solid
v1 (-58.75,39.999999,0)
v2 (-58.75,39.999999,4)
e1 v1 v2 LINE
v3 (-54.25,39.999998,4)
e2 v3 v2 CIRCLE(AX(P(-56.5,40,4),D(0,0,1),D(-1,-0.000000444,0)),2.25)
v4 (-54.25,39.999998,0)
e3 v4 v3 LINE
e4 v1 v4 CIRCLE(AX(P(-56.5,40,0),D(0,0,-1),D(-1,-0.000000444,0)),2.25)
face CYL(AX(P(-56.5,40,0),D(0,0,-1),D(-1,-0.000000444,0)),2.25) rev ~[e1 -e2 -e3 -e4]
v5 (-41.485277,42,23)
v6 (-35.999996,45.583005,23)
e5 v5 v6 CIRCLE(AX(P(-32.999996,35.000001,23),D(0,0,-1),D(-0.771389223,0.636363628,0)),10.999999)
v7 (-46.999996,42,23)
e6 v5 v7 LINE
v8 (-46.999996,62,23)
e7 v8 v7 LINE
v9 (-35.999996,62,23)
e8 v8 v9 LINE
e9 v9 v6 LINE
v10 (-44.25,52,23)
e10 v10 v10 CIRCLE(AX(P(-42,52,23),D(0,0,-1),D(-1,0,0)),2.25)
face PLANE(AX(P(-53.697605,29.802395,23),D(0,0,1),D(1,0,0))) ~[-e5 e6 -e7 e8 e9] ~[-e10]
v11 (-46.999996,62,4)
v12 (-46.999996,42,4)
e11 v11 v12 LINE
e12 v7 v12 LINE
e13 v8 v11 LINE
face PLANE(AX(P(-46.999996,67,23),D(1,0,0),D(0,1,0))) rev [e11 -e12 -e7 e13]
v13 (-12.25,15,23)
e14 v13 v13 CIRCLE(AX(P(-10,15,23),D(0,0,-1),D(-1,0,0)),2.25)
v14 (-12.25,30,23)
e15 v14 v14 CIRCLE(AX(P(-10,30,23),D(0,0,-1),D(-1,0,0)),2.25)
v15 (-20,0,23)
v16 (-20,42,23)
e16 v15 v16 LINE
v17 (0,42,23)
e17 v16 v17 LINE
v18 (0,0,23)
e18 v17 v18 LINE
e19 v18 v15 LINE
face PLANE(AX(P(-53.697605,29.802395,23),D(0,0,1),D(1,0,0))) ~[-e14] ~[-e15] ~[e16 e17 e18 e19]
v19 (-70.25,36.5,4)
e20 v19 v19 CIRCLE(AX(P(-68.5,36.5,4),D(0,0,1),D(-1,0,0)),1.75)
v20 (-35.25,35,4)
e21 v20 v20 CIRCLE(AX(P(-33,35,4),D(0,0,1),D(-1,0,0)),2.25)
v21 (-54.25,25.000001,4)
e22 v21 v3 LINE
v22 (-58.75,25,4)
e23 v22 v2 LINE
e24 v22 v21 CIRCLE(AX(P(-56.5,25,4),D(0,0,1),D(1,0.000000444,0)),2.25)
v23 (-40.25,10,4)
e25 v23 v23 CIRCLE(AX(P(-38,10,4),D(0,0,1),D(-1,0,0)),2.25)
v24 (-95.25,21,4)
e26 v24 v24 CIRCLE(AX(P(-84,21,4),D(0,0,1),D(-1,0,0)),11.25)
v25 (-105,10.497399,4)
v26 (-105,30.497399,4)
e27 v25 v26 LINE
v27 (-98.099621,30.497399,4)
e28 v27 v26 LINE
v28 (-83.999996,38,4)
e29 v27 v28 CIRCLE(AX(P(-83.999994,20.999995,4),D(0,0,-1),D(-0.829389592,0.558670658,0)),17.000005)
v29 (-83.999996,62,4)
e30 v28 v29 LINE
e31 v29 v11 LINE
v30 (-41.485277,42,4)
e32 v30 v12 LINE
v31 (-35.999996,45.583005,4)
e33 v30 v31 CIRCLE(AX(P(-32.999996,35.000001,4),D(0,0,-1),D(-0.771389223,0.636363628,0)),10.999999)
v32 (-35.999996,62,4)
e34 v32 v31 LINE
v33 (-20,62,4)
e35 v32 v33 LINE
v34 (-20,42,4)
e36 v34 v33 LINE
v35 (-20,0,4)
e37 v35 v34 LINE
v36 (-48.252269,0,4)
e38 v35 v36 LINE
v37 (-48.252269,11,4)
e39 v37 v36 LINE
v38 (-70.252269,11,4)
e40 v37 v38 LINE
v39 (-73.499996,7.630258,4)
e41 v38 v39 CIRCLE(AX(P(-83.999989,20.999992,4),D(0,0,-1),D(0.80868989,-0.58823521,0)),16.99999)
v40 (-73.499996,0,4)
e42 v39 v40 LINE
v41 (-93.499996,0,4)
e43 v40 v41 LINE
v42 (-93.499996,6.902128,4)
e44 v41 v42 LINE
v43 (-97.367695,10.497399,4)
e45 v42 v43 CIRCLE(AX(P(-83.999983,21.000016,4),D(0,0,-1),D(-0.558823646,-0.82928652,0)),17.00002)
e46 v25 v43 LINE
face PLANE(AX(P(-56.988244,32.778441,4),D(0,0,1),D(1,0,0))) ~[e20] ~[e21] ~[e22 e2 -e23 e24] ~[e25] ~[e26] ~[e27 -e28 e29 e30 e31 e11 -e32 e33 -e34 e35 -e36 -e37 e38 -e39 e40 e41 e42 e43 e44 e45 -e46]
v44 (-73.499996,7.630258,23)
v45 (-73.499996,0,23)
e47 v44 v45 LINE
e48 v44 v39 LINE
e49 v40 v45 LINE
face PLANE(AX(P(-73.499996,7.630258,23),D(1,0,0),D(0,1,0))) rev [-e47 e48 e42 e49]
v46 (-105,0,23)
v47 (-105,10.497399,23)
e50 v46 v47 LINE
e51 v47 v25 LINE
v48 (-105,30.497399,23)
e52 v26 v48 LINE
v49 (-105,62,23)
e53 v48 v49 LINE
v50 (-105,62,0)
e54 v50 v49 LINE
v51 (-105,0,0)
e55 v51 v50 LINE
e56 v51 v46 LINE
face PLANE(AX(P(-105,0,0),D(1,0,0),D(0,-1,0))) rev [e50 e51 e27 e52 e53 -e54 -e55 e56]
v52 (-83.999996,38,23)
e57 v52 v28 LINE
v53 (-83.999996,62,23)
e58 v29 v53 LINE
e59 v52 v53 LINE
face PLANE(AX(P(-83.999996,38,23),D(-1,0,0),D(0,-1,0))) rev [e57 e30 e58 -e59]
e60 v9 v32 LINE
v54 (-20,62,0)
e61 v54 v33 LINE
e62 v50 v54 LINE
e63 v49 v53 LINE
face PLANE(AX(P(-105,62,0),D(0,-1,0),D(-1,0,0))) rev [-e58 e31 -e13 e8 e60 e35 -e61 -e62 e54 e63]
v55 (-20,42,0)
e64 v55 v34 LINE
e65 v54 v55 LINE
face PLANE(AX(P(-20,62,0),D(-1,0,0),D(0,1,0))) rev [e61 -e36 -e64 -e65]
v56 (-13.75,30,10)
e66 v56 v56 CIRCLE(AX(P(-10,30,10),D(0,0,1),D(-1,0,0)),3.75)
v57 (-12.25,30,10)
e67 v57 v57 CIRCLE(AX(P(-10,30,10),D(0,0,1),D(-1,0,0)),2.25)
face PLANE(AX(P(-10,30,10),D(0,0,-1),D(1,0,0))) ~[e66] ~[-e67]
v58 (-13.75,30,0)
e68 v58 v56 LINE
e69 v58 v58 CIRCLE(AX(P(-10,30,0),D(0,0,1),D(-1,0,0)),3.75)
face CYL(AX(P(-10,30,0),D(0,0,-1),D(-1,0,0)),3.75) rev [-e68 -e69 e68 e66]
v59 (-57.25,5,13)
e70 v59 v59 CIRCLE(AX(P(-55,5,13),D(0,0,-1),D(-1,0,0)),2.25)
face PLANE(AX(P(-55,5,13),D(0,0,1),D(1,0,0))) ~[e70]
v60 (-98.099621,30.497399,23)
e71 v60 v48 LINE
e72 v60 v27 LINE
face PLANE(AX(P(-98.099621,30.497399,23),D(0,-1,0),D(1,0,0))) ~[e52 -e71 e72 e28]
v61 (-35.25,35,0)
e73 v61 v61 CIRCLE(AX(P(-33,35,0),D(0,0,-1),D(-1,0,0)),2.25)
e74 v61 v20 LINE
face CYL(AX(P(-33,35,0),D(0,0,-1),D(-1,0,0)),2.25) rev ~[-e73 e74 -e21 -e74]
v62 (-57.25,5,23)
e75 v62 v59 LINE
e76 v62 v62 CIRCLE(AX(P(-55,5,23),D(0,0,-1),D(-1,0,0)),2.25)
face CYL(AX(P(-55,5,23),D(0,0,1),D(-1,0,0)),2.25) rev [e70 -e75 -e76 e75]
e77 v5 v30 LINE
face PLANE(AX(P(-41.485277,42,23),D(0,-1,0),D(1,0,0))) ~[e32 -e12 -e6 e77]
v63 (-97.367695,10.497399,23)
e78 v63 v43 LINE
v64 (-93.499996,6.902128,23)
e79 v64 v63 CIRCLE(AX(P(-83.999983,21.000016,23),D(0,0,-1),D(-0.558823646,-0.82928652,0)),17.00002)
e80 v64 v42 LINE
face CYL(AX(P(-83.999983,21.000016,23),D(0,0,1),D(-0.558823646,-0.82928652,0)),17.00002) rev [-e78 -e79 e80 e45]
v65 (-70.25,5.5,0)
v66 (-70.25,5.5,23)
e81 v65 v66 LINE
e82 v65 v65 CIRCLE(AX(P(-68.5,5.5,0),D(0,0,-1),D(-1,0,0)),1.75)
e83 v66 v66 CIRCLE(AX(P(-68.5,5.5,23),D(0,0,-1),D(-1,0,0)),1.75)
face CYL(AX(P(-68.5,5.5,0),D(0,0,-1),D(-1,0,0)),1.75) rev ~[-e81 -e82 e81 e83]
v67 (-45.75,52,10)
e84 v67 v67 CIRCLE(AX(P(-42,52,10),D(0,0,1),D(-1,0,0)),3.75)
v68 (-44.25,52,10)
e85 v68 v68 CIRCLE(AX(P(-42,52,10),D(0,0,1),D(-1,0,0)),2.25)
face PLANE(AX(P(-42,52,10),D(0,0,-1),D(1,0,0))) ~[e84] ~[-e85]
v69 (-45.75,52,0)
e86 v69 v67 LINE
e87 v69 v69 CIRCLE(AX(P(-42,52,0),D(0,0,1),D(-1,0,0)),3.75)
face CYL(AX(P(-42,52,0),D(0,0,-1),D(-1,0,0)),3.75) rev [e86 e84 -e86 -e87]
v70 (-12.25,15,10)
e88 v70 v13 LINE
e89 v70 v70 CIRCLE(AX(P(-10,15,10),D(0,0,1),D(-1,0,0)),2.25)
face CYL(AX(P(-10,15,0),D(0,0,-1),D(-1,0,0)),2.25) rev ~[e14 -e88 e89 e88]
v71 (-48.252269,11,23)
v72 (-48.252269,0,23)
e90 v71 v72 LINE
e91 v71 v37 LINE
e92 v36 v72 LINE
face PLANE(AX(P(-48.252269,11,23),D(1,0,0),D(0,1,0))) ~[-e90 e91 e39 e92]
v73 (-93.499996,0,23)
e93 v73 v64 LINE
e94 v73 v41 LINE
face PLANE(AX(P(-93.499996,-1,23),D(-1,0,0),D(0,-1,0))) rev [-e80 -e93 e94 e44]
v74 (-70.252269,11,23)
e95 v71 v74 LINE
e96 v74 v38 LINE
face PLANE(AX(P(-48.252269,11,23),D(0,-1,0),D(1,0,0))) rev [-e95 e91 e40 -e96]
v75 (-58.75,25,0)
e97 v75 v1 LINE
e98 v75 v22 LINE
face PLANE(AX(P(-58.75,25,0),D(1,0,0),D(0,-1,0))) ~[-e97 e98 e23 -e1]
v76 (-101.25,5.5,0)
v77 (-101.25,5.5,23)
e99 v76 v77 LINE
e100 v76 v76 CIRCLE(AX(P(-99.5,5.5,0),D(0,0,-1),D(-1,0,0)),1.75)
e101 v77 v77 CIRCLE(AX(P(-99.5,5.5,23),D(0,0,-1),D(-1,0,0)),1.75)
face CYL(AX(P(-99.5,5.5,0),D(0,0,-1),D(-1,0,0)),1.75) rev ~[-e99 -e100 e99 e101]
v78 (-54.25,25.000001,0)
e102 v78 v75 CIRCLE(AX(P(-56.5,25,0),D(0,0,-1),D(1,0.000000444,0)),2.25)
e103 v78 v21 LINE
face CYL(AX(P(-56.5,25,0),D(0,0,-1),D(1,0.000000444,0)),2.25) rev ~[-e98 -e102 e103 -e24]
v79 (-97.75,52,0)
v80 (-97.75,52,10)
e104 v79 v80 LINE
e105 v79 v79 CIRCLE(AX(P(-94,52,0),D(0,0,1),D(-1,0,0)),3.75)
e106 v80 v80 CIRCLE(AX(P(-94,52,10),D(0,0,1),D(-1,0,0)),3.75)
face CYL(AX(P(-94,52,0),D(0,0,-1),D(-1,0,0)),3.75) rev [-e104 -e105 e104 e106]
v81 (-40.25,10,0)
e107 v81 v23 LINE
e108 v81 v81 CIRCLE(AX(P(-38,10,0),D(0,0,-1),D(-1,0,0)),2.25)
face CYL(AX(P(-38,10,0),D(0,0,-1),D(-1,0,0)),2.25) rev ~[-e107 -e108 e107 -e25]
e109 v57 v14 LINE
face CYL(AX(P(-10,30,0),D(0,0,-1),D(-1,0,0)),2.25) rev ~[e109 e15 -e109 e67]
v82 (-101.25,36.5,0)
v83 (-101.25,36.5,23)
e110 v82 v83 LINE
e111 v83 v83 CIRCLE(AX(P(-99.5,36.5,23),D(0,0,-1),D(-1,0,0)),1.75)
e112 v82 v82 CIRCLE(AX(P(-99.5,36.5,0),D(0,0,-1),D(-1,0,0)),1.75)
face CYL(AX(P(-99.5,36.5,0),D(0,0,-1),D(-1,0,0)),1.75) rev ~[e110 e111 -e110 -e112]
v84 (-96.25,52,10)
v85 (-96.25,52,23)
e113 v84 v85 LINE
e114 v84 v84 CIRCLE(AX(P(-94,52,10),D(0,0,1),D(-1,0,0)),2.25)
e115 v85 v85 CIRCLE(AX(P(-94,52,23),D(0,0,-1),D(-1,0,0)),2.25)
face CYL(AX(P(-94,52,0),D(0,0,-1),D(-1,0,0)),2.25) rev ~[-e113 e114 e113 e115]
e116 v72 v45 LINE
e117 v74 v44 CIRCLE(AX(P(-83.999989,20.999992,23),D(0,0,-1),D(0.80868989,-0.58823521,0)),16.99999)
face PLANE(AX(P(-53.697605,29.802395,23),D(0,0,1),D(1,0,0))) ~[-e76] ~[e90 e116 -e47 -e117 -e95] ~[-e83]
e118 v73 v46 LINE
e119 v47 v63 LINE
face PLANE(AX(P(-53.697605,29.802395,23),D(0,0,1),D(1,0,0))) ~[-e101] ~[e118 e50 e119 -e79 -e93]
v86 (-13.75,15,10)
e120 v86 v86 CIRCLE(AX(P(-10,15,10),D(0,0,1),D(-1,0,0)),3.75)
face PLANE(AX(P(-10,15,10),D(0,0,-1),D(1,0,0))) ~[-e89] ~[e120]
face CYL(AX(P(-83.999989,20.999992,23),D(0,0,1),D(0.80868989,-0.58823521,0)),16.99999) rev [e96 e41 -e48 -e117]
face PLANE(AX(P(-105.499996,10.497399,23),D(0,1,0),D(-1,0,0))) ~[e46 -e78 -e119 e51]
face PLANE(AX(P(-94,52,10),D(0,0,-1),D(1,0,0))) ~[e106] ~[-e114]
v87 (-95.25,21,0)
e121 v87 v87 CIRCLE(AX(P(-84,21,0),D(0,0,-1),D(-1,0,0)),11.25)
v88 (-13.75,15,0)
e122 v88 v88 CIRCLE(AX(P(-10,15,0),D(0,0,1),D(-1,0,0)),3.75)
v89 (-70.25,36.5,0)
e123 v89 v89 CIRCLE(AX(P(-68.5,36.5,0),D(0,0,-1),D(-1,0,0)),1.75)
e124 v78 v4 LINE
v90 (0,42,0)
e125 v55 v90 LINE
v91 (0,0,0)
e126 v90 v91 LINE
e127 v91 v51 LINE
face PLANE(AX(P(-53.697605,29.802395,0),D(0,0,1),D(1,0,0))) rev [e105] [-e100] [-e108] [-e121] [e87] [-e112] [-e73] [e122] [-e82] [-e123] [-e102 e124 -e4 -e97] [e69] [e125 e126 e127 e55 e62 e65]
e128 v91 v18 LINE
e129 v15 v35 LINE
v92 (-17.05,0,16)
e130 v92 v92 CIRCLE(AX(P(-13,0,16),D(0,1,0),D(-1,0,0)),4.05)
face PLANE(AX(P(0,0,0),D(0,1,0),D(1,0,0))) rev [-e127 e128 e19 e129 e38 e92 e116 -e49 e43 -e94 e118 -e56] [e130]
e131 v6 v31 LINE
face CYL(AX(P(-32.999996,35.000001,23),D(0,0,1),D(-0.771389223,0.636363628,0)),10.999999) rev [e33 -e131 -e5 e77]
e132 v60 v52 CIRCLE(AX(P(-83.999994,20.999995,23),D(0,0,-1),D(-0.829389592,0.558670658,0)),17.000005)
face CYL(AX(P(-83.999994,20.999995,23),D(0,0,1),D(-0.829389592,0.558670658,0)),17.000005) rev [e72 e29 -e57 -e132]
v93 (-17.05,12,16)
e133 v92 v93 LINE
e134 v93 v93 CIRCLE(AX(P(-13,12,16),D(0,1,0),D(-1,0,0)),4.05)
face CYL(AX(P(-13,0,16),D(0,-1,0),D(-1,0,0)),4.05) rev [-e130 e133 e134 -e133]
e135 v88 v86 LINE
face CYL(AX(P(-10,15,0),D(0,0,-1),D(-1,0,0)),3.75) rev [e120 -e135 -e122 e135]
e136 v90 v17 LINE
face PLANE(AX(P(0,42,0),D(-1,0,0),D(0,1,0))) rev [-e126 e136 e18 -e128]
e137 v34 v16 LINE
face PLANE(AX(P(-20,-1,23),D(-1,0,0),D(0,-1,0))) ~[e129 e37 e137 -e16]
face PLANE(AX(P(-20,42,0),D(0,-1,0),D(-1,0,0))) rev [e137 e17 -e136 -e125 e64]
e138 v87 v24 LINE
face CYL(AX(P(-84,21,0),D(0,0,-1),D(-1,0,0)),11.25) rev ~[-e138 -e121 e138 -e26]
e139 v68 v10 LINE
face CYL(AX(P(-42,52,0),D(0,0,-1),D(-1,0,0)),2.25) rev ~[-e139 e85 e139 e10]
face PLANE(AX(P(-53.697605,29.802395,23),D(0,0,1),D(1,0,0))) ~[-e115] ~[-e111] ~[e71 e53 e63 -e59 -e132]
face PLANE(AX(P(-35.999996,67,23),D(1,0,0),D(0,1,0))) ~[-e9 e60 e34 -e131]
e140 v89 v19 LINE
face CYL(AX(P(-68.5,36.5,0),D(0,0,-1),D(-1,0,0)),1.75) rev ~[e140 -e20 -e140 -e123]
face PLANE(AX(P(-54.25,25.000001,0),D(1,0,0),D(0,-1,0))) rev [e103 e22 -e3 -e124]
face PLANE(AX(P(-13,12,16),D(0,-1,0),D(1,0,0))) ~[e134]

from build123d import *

# Parameters (mm, degrees)
SKETCH_R        = 2.25
SKETCH_R_2      = 11.25
SKETCH_R_3      = 1.75
PAD_DEPTH       = 23
POCKET_DEPTH    = 19
SKETCH004_R     = 2.25
POCKET003_DEPTH = 10
SKETCH005_R     = 4.05
POCKET004_DEPTH = 12
SKETCH006_R     = 3.75
POCKET005_DEPTH = 10


with BuildPart() as pocket005:
    # Sketch → Pad (new body)
    with BuildSketch(Plane.XY):
        Polygon((0, 0), (105, 0), (105, 62), (20, 62), (20, 42), (0, 42), align=None)
        with Locations((38, 10)):
            Circle(SKETCH_R, mode=Mode.SUBTRACT)
        with Locations((33, 35)):
            Circle(SKETCH_R, mode=Mode.SUBTRACT)
        with Locations((84, 21)):
            Circle(SKETCH_R_2, mode=Mode.SUBTRACT)
        with Locations((68.5, 36.5)):
            Circle(SKETCH_R_3, mode=Mode.SUBTRACT)
        with Locations((99.5, 36.5)):
            Circle(SKETCH_R_3, mode=Mode.SUBTRACT)
        with Locations((68.5, 5.5)):
            Circle(SKETCH_R_3, mode=Mode.SUBTRACT)
        with Locations((99.5, 5.5)):
            Circle(SKETCH_R_3, mode=Mode.SUBTRACT)
        with Locations((10, 30)):
            Circle(SKETCH_R, mode=Mode.SUBTRACT)
        with Locations((10, 15)):
            Circle(SKETCH_R, mode=Mode.SUBTRACT)
        with Locations((42, 52)):
            Circle(SKETCH_R, mode=Mode.SUBTRACT)
        with Locations((94, 52)):
            Circle(SKETCH_R, mode=Mode.SUBTRACT)
        with BuildLine():
            Line((58.75, 25), (58.75, 39.999999))
            ThreePointArc((58.75, 39.999999), (56.5, 42.25), (54.25, 39.999998))
            Line((54.25, 25.000001), (54.25, 39.999998))
            ThreePointArc((54.25, 25.000001), (56.5, 22.75), (58.75, 25))
        make_face(mode=Mode.SUBTRACT)
    extrude(amount=PAD_DEPTH)

    # Sketch001 → Pocket (cut)
    with BuildSketch(Plane.XY.offset(23)):
        with BuildLine():
            ThreePointArc((41.485277, 42), (39.015593, 44.209375), (35.999996, 45.583005))
            Line((35.999996, 67), (35.999996, 45.583005))
            Line((20, 67), (35.999996, 67))
            Line((20, -1), (20, 67))
            Line((20, -1), (48.252269, -1))
            Line((48.252269, 11), (48.252269, -1))
            Line((48.252269, 11), (70.252269, 11))
            ThreePointArc((70.252269, 11), (71.759618, 9.202833), (73.499996, 7.630258))
            Line((73.499996, 7.630258), (73.499996, -1))
            Line((73.499996, -1), (93.499996, -1))
            Line((93.499996, -1), (93.499996, 6.902128))
            ThreePointArc((93.499996, 6.902128), (95.574295, 8.548671), (97.367695, 10.497399))
            Line((105.499996, 10.497399), (97.367695, 10.497399))
            Line((105.499996, 30.497399), (105.499996, 10.497399))
            Line((98.099621, 30.497399), (105.499996, 30.497399))
            ThreePointArc((98.099621, 30.497399), (91.98574, 36.007594), (83.999996, 38))
            Line((83.999996, 38), (83.999996, 67))
            Line((83.999996, 67), (46.999996, 67))
            Line((46.999996, 67), (46.999996, 42))
            Line((41.485277, 42), (46.999996, 42))
        make_face()
    extrude(amount=-POCKET_DEPTH, mode=Mode.SUBTRACT)

    # Sketch004 → Pocket003 (cut)
    with BuildSketch(Plane.XY.offset(23)):
        with Locations((55, 5)):
            Circle(SKETCH004_R)
    extrude(amount=-POCKET003_DEPTH, mode=Mode.SUBTRACT)

    # Sketch005 → Pocket004 (cut)
    with BuildSketch(Plane.XZ):
        with Locations((13, 16)):
            Circle(SKETCH005_R)
    extrude(amount=-POCKET004_DEPTH, mode=Mode.SUBTRACT)

    # Sketch006 → Pocket005 (cut)
    with BuildSketch(Plane(origin=(0, 0, 0), x_dir=(1, 0, 0), z_dir=(0, 0, -1))):
        with Locations((10, -15)):
            Circle(SKETCH006_R)
        with Locations((10, -30)):
            Circle(SKETCH006_R)
        with Locations((42, -52)):
            Circle(SKETCH006_R)
        with Locations((94, -52)):
            Circle(SKETCH006_R)
    extrude(amount=-POCKET005_DEPTH, mode=Mode.SUBTRACT)


with BuildPart() as part_mirroring:
    # Part__Mirroring: instance of Pocket005
    add(pocket005.part.mirror(Plane(origin=(0, 0, 0), x_dir=(0, -1, 0), z_dir=(1, 0, 0))))


solid = part_mirroring.part
